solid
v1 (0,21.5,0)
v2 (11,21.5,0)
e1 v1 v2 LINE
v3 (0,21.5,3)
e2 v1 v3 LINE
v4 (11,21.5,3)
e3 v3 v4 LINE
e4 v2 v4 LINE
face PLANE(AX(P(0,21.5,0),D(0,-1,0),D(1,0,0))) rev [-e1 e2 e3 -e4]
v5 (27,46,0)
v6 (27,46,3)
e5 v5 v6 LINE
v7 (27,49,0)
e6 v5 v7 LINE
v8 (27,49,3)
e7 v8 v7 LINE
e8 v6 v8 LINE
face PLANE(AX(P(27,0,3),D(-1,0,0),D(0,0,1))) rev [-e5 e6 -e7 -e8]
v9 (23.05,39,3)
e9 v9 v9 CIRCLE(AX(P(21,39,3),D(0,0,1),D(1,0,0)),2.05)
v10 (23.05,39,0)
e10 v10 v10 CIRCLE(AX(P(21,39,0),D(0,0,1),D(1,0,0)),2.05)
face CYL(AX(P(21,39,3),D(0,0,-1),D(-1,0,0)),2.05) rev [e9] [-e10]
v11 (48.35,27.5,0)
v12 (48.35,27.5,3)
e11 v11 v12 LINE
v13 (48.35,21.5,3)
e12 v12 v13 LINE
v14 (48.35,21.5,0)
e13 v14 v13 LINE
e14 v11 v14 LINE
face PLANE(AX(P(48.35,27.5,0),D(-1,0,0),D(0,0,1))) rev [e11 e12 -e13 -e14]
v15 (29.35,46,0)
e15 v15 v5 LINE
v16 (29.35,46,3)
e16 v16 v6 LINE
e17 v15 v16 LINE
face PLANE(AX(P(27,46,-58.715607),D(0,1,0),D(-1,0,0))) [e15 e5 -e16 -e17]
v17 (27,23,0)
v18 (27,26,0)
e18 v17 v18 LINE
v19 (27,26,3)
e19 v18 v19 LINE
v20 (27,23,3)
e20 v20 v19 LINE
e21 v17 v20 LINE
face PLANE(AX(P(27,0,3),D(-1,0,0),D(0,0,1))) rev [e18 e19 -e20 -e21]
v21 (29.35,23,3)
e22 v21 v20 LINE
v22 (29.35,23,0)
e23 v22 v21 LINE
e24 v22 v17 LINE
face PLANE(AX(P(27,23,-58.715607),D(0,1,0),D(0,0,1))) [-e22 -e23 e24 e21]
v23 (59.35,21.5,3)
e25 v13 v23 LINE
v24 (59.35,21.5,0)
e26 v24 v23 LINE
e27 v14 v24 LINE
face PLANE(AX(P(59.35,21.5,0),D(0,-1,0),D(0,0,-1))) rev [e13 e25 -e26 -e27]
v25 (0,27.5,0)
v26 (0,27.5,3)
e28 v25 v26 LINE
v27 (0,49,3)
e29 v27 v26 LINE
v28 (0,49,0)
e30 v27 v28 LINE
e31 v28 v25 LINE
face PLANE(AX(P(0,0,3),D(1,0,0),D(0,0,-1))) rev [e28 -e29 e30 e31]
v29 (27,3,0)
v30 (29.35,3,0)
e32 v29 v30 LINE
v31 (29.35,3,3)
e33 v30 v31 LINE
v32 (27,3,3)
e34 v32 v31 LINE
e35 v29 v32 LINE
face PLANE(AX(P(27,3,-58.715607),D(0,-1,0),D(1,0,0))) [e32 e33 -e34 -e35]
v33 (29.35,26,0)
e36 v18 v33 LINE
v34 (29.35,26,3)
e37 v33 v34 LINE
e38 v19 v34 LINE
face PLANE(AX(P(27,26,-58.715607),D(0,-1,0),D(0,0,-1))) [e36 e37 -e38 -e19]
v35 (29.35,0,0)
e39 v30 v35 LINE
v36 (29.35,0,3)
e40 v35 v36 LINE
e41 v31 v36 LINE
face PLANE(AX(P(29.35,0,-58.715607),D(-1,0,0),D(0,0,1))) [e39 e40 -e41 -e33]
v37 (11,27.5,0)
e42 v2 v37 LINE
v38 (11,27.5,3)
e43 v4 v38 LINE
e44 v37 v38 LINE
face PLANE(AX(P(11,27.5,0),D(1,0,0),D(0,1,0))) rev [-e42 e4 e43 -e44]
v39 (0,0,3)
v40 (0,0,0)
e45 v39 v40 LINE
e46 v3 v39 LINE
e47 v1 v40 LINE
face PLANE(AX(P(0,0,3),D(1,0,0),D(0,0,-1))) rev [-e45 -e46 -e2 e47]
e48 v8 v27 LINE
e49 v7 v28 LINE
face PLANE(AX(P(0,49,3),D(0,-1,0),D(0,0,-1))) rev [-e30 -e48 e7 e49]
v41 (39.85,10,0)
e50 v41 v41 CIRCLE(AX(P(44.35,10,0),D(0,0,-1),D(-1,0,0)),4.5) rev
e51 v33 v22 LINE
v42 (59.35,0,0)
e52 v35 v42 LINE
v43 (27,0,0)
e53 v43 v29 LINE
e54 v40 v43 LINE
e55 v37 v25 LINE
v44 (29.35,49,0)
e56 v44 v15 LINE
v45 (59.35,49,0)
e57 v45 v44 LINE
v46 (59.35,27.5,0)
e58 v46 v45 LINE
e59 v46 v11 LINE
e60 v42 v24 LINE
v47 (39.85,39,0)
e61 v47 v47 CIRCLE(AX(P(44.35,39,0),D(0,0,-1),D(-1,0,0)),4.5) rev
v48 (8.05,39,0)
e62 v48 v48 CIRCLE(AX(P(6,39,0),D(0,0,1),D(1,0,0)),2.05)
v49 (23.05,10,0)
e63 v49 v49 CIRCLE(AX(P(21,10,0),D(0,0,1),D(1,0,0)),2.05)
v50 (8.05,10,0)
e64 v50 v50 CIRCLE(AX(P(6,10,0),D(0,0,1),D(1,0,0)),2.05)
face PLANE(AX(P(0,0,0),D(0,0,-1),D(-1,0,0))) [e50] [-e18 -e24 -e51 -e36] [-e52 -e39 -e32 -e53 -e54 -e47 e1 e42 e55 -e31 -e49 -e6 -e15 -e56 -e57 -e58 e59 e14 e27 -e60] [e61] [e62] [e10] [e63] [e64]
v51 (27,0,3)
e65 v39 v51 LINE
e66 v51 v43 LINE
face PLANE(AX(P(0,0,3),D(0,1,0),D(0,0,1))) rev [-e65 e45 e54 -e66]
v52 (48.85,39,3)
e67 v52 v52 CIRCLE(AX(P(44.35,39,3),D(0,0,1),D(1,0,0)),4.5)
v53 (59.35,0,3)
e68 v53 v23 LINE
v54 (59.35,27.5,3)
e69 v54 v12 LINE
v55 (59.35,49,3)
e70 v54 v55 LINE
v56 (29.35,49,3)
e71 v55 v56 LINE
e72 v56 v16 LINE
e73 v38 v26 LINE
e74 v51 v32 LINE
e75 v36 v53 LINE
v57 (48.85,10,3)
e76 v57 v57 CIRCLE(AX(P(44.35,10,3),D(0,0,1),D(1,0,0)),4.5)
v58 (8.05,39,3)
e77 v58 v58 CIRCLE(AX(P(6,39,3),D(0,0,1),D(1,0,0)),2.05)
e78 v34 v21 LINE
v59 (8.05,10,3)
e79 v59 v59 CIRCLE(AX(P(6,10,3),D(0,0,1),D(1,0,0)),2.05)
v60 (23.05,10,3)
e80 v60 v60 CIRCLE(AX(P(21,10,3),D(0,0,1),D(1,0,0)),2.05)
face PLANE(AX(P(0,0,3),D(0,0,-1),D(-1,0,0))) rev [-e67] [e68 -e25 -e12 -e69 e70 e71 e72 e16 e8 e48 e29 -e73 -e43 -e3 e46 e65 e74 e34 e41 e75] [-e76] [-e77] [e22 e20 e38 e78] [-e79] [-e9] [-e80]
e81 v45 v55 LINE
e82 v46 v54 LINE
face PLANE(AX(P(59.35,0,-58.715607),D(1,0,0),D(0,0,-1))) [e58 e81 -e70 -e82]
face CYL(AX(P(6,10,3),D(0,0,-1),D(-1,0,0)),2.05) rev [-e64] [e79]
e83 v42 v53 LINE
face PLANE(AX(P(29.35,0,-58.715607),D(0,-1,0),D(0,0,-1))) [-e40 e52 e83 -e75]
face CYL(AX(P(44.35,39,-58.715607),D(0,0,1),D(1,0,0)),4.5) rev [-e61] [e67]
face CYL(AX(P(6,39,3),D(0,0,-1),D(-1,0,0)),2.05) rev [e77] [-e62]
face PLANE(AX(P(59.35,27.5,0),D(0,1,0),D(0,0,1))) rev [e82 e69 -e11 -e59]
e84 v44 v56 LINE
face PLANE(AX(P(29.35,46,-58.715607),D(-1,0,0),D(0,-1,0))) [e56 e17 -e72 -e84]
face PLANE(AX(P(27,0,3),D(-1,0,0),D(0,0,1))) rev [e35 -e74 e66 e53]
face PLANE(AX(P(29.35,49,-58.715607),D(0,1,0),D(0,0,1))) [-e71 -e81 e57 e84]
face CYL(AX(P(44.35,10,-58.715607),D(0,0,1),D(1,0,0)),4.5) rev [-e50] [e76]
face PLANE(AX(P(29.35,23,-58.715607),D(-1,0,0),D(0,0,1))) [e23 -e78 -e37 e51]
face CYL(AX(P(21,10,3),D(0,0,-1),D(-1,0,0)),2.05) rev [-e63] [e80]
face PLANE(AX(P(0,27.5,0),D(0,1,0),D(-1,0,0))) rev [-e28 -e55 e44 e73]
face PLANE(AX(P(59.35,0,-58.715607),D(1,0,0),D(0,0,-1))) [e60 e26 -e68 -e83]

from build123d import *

# Parameters (mm, degrees)
SKETCH2_W           = 27
SKETCH2_H           = 49
SKETCH2_R           = 2.05
BOSS_EXTRUDE1_DEPTH = 3
SKETCH8_R           = 4.5
BOSS_EXTRUDE3_DEPTH = 3
SKETCH9_W           = 11
SKETCH9_H           = 6
CUT_EXTRUDE4_DEPTH  = 4


with BuildPart() as part:
    # Sketch2 → Boss-Extrude1 (new body)
    with BuildSketch(Plane.XY):
        with Locations((13.5, 24.5)):
            Rectangle(SKETCH2_W, SKETCH2_H)
        with Locations((6, 39)):
            Circle(SKETCH2_R, mode=Mode.SUBTRACT)
        with Locations((21, 39)):
            Circle(SKETCH2_R, mode=Mode.SUBTRACT)
        with Locations((6, 10)):
            Circle(SKETCH2_R, mode=Mode.SUBTRACT)
        with Locations((21, 10)):
            Circle(SKETCH2_R, mode=Mode.SUBTRACT)
    extrude(amount=BOSS_EXTRUDE1_DEPTH)

    # Sketch8 → Boss-Extrude3 (add)
    with BuildSketch(Plane.XY.offset(3)):
        Polygon((29.35, 0), (59.35, 0), (59.35, 49), (29.35, 49), (29.35, 46), (27, 46), (27, 26), (29.35, 26), (29.35, 23), (27, 23), (27, 3), (29.35, 3), align=None)
        with Locations((44.35, 39)):
            Circle(SKETCH8_R, mode=Mode.SUBTRACT)
        with Locations((44.35, 10)):
            Circle(SKETCH8_R, mode=Mode.SUBTRACT)
    extrude(amount=-BOSS_EXTRUDE3_DEPTH)

    # Sketch9 → Cut-Extrude4 (cut, through all)
    with BuildSketch(Plane.XY.offset(3)):
        with Locations((5.5, 24.5)):
            Rectangle(SKETCH9_W, SKETCH9_H)
        with Locations((53.85, 24.5)):
            Rectangle(SKETCH9_W, SKETCH9_H)
    extrude(amount=-CUT_EXTRUDE4_DEPTH, mode=Mode.SUBTRACT)


solid = part.part
